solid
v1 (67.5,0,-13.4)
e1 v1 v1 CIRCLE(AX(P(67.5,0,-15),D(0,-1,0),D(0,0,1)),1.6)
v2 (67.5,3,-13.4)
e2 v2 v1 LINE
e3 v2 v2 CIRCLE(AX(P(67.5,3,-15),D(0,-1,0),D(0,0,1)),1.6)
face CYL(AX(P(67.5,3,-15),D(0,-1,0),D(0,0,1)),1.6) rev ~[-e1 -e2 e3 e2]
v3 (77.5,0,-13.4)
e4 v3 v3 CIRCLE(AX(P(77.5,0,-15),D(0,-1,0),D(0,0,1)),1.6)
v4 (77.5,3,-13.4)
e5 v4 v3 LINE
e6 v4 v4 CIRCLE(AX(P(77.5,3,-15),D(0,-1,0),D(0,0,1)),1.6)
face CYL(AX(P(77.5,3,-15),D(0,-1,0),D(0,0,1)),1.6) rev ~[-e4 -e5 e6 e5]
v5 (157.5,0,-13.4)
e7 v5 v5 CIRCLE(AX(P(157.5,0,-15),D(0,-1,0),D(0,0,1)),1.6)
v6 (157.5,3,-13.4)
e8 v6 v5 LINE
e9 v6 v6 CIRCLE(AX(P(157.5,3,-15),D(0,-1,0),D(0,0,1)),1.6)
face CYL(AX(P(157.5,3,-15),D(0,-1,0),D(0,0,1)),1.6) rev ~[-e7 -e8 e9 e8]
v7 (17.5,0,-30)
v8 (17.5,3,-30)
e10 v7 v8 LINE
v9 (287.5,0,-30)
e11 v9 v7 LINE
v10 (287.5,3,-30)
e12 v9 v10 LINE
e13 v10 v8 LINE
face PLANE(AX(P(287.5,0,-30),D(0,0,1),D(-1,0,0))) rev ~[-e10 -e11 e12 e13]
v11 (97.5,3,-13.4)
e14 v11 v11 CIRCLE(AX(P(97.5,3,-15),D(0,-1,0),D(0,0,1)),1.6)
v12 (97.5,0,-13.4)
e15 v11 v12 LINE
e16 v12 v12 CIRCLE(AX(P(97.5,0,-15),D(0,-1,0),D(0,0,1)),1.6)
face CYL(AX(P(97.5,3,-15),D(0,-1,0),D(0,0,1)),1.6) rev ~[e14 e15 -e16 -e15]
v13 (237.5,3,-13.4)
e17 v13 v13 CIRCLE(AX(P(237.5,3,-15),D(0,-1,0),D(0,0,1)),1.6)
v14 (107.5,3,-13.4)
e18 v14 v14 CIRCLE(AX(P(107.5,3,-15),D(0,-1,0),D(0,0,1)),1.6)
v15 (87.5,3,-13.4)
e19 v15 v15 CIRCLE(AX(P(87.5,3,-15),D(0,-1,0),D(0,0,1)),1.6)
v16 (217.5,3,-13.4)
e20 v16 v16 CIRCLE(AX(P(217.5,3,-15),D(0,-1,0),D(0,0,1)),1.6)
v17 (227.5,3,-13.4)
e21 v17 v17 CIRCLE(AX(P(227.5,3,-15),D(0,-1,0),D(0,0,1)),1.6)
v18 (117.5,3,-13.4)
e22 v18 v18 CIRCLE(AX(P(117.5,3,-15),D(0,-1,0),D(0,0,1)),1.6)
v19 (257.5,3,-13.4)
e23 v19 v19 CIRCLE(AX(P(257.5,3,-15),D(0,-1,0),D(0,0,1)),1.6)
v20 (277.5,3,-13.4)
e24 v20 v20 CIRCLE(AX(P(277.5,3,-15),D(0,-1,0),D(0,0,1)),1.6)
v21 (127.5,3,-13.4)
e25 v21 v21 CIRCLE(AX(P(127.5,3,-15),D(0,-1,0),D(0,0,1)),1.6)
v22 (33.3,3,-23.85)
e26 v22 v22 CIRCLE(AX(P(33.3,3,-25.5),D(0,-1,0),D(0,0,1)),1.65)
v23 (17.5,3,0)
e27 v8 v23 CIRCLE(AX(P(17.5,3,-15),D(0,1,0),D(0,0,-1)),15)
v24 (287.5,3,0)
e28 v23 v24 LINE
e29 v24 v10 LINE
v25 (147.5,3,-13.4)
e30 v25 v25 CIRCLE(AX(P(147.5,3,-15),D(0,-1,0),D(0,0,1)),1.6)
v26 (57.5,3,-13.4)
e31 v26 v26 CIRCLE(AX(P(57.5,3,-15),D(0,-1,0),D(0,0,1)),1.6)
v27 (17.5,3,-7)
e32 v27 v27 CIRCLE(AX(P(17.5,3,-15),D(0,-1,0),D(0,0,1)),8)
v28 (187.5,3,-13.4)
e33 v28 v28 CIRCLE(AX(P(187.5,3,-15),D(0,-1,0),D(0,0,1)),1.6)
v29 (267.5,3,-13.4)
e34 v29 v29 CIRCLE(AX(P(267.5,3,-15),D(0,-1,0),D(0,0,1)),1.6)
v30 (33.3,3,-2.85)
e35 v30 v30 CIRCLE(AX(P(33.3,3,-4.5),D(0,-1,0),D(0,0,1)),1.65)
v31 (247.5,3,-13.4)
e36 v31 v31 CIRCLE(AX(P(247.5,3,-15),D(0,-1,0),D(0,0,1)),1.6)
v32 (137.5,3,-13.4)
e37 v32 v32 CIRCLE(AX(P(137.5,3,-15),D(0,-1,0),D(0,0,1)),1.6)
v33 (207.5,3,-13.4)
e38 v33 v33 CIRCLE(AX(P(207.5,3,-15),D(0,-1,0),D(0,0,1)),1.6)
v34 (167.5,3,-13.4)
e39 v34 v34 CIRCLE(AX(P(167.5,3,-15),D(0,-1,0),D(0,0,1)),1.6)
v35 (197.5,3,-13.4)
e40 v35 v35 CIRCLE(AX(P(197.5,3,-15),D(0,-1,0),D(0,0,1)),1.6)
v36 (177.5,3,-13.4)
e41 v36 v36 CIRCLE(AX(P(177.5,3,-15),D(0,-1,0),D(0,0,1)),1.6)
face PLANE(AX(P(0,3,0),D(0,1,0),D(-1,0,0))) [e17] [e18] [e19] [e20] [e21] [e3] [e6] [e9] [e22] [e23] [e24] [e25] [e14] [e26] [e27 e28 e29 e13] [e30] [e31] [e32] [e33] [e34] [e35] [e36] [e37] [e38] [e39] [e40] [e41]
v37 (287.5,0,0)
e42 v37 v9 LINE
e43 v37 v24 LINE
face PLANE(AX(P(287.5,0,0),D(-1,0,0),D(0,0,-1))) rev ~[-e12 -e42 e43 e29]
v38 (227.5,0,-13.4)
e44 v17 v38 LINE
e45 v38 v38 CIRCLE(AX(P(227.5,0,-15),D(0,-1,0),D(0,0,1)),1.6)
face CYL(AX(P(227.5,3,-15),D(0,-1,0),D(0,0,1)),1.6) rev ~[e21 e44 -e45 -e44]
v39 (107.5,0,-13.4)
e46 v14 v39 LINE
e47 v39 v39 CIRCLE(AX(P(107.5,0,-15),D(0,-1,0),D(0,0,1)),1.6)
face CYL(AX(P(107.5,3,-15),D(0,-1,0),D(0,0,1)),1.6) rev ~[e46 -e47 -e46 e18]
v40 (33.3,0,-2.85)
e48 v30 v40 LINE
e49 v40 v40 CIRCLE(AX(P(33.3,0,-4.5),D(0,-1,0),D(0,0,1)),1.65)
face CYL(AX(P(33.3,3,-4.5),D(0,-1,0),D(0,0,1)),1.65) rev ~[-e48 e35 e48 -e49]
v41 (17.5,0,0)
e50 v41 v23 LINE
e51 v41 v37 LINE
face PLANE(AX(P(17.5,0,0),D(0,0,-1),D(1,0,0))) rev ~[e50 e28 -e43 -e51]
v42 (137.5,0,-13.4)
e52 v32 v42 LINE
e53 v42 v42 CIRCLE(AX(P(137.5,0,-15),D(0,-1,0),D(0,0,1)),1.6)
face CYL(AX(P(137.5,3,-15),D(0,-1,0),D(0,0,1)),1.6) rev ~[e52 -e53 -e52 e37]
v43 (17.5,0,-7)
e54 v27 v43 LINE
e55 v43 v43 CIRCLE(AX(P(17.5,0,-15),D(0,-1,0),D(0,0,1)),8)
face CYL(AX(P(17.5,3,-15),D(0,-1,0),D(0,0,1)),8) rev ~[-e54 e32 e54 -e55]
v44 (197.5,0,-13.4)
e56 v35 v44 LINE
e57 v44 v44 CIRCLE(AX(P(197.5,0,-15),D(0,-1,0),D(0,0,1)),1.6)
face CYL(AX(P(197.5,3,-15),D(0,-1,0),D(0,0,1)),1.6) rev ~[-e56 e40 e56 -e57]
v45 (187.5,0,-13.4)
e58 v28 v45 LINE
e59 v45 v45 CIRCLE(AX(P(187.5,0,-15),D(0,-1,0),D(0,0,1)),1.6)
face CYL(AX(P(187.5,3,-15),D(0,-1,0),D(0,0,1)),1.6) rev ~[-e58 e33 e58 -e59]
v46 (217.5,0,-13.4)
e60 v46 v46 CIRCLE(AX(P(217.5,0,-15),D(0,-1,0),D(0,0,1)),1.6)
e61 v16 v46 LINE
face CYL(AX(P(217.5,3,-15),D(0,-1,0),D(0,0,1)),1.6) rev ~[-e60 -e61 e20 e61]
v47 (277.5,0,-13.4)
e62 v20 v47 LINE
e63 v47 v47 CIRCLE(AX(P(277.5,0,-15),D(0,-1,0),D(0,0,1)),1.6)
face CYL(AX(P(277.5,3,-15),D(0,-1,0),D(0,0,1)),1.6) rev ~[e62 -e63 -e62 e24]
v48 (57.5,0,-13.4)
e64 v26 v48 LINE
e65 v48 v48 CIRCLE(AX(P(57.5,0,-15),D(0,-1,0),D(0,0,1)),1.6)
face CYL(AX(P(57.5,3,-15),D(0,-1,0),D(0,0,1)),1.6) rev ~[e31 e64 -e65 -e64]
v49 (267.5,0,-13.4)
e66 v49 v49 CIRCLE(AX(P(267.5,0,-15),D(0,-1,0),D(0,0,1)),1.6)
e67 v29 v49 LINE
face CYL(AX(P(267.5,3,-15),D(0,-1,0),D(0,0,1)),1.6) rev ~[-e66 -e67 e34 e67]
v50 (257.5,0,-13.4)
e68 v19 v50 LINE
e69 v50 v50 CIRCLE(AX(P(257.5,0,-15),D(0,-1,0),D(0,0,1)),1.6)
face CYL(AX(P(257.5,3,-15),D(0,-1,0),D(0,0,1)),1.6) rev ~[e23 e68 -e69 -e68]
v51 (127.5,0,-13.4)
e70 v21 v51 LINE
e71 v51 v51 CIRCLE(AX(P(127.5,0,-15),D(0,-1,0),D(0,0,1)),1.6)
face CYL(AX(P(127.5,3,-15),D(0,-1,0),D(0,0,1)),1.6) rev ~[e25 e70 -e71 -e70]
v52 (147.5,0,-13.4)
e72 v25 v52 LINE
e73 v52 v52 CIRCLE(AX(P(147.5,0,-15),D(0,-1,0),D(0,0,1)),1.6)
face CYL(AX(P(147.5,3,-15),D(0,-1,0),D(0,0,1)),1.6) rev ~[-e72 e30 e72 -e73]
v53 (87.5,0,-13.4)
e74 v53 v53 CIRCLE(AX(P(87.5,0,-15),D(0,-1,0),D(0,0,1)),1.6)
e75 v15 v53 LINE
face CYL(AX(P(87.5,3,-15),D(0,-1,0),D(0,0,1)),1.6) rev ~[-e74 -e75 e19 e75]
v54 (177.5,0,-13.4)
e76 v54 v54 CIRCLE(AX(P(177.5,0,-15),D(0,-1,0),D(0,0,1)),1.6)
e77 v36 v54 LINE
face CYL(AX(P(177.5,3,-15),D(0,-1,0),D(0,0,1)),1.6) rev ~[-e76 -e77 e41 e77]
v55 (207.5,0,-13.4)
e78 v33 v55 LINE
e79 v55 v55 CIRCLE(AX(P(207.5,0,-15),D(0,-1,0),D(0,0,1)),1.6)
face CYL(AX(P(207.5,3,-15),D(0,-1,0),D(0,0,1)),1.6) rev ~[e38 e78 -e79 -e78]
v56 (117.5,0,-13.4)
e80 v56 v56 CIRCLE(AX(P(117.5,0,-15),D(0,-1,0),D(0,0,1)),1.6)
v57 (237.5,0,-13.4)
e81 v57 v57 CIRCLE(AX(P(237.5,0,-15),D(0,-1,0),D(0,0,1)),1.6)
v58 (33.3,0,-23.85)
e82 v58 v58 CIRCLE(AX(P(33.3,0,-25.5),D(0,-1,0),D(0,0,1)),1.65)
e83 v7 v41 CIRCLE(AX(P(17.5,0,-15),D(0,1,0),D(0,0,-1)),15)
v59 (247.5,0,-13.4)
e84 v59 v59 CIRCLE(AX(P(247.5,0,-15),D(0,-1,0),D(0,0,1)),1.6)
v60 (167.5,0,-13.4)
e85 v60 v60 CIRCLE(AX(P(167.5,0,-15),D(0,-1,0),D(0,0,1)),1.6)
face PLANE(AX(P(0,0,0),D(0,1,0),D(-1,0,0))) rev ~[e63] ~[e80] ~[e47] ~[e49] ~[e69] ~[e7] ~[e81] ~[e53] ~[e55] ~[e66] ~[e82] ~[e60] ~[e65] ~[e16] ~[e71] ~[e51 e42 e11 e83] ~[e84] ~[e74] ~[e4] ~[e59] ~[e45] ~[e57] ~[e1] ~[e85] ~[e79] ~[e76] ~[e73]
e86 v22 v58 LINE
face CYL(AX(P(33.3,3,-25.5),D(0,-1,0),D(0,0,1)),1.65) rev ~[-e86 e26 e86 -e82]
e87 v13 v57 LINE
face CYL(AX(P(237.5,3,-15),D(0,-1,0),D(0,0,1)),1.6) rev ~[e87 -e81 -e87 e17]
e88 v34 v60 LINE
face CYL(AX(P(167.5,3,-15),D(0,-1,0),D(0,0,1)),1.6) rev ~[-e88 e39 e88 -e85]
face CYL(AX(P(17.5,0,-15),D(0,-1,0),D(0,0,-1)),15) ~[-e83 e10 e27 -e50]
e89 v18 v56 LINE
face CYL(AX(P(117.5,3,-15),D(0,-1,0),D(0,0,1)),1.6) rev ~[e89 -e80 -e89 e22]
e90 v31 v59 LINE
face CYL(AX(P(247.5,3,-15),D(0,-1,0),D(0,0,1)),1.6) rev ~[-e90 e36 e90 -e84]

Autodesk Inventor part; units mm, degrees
ref_plane "YZ Plane" through (0, 0, 0) normal (1, 0, 0) x (0, 1, 0)
ref_plane "XZ Plane" through (0, 0, 0) normal (0, 1, 0) x (-1, 0, 0)
ref_plane "XY Plane" through (0, 0, 0) normal (0, 0, 1) x (1, 0, 0)
sketch "スケッチ1" plane through (0, 0, 0) normal (0, 1, 0) x (-1, 0, 0)
  line L0 (0, 0) -> (-287.5, 0)
  line L1 (-287.5, 0) -> (-287.5, -30)
  line L2 (-287.5, -30) -> (0, -30)
  line L3 (0, -30) -> (0, 0)
  arc A0 (-17.5, -30) -> (-17.5, 0) centre (-17.5, -15) ccw
  dimension "d0" = 287.5
  dimension "d1" = 30
  dimension "d43" = 17.5
extrude "押し出し1" add sketch "スケッチ1" along normal blind 3 contours A0 L2 L1 L0
sketch "スケッチ2" plane through (0, 3, 0) normal (0, 1, 0) x (1, 0, 0)
  arc A0 (17.5, 30) -> (17.5, 0) centre (17.5, 15) ccw projected
  line L0 (287.5, 30) -> (17.5, 30) projected
  point P0 (0, 0)
  point P1 (2.5, 15)
hole "穴1" at (17.5, 3, -15) direction (0, -1, 0) diameter 16 end through all
sketch "スケッチ3" plane through (0, 3, 0) normal (0, 1, 0) x (1, 0, 0)
  line L0 (287.5, 0) -> (287.5, 30) projected
  arc A0 (17.5, 30) -> (17.5, 0) centre (17.5, 15) ccw construction
  line L1 (17.5, 15) -> (287.5, 15) construction
  line L2 (287.5, 0) -> (287.5, 30) construction
  point P0 (0, 0)
  point P1 (57.5, 15)
  point P2 (67.5, 15)
  point P3 (77.5, 15)
  point P4 (87.5, 15)
  point P5 (97.5, 15)
  point P6 (107.5, 15)
  point P7 (117.5, 15)
  point P8 (127.5, 15)
  point P9 (137.5, 15)
  point P10 (147.5, 15)
  point P11 (157.5, 15)
  point P12 (167.5, 15)
  point P13 (177.5, 15)
  point P14 (187.5, 15)
  point P15 (197.5, 15)
  point P16 (207.5, 15)
  point P17 (217.5, 15)
  point P18 (227.5, 15)
  point P19 (237.5, 15)
  point P20 (247.5, 15)
  point P21 (257.5, 15)
  point P22 (267.5, 15)
  point P23 (277.5, 15)
  dimension "d108" = 40
  dimension "d111" = 10
sketch "スケッチ8" plane through (0, 3, 0) normal (0, 1, 0) x (1, 0, 0)
  arc A0 (17.5, 30) -> (17.5, 0) centre (17.5, 15) ccw projected
  line L0 (2.5, 15) -> (40.1182, 15)
  line L1 (17.5, 0) -> (287.5, 0) projected
  line L2 (2.5, 15) -> (302.5, 15) construction
  circle A1 centre (17.5, 15) radius 8 construction
  point P0 (0, 0)
  point P1 (33.3, 4.5)
  point P2 (33.3, 25.5)
  dimension "d85" = 10.5
  dimension "d86" = 10.5
  dimension "d123" = 15.8
  dimension "d124" = 15.8
hole "穴6" at (33.3, 3, -4.5) at (33.3, 3, -25.5) direction (0, -1, 0) diameter 3.3 end through all
hole "穴7" at (57.5, 3, -15) at (67.5, 3, -15) at (77.5, 3, -15) at (87.5, 3, -15) at (97.5, 3, -15) at (107.5, 3, -15) at (117.5, 3, -15) at (127.5, 3, -15) at (137.5, 3, -15) at (147.5, 3, -15) at (157.5, 3, -15) at (167.5, 3, -15) at (177.5, 3, -15) at (187.5, 3, -15) at (197.5, 3, -15) at (207.5, 3, -15) at (217.5, 3, -15) at (227.5, 3, -15) at (237.5, 3, -15) at (247.5, 3, -15) at (257.5, 3, -15) at (267.5, 3, -15) at (277.5, 3, -15) direction (0, -1, 0) diameter 3.2 end through all
properties part number "shoulder1_upper_plate" material "アルミニウム 5052"
